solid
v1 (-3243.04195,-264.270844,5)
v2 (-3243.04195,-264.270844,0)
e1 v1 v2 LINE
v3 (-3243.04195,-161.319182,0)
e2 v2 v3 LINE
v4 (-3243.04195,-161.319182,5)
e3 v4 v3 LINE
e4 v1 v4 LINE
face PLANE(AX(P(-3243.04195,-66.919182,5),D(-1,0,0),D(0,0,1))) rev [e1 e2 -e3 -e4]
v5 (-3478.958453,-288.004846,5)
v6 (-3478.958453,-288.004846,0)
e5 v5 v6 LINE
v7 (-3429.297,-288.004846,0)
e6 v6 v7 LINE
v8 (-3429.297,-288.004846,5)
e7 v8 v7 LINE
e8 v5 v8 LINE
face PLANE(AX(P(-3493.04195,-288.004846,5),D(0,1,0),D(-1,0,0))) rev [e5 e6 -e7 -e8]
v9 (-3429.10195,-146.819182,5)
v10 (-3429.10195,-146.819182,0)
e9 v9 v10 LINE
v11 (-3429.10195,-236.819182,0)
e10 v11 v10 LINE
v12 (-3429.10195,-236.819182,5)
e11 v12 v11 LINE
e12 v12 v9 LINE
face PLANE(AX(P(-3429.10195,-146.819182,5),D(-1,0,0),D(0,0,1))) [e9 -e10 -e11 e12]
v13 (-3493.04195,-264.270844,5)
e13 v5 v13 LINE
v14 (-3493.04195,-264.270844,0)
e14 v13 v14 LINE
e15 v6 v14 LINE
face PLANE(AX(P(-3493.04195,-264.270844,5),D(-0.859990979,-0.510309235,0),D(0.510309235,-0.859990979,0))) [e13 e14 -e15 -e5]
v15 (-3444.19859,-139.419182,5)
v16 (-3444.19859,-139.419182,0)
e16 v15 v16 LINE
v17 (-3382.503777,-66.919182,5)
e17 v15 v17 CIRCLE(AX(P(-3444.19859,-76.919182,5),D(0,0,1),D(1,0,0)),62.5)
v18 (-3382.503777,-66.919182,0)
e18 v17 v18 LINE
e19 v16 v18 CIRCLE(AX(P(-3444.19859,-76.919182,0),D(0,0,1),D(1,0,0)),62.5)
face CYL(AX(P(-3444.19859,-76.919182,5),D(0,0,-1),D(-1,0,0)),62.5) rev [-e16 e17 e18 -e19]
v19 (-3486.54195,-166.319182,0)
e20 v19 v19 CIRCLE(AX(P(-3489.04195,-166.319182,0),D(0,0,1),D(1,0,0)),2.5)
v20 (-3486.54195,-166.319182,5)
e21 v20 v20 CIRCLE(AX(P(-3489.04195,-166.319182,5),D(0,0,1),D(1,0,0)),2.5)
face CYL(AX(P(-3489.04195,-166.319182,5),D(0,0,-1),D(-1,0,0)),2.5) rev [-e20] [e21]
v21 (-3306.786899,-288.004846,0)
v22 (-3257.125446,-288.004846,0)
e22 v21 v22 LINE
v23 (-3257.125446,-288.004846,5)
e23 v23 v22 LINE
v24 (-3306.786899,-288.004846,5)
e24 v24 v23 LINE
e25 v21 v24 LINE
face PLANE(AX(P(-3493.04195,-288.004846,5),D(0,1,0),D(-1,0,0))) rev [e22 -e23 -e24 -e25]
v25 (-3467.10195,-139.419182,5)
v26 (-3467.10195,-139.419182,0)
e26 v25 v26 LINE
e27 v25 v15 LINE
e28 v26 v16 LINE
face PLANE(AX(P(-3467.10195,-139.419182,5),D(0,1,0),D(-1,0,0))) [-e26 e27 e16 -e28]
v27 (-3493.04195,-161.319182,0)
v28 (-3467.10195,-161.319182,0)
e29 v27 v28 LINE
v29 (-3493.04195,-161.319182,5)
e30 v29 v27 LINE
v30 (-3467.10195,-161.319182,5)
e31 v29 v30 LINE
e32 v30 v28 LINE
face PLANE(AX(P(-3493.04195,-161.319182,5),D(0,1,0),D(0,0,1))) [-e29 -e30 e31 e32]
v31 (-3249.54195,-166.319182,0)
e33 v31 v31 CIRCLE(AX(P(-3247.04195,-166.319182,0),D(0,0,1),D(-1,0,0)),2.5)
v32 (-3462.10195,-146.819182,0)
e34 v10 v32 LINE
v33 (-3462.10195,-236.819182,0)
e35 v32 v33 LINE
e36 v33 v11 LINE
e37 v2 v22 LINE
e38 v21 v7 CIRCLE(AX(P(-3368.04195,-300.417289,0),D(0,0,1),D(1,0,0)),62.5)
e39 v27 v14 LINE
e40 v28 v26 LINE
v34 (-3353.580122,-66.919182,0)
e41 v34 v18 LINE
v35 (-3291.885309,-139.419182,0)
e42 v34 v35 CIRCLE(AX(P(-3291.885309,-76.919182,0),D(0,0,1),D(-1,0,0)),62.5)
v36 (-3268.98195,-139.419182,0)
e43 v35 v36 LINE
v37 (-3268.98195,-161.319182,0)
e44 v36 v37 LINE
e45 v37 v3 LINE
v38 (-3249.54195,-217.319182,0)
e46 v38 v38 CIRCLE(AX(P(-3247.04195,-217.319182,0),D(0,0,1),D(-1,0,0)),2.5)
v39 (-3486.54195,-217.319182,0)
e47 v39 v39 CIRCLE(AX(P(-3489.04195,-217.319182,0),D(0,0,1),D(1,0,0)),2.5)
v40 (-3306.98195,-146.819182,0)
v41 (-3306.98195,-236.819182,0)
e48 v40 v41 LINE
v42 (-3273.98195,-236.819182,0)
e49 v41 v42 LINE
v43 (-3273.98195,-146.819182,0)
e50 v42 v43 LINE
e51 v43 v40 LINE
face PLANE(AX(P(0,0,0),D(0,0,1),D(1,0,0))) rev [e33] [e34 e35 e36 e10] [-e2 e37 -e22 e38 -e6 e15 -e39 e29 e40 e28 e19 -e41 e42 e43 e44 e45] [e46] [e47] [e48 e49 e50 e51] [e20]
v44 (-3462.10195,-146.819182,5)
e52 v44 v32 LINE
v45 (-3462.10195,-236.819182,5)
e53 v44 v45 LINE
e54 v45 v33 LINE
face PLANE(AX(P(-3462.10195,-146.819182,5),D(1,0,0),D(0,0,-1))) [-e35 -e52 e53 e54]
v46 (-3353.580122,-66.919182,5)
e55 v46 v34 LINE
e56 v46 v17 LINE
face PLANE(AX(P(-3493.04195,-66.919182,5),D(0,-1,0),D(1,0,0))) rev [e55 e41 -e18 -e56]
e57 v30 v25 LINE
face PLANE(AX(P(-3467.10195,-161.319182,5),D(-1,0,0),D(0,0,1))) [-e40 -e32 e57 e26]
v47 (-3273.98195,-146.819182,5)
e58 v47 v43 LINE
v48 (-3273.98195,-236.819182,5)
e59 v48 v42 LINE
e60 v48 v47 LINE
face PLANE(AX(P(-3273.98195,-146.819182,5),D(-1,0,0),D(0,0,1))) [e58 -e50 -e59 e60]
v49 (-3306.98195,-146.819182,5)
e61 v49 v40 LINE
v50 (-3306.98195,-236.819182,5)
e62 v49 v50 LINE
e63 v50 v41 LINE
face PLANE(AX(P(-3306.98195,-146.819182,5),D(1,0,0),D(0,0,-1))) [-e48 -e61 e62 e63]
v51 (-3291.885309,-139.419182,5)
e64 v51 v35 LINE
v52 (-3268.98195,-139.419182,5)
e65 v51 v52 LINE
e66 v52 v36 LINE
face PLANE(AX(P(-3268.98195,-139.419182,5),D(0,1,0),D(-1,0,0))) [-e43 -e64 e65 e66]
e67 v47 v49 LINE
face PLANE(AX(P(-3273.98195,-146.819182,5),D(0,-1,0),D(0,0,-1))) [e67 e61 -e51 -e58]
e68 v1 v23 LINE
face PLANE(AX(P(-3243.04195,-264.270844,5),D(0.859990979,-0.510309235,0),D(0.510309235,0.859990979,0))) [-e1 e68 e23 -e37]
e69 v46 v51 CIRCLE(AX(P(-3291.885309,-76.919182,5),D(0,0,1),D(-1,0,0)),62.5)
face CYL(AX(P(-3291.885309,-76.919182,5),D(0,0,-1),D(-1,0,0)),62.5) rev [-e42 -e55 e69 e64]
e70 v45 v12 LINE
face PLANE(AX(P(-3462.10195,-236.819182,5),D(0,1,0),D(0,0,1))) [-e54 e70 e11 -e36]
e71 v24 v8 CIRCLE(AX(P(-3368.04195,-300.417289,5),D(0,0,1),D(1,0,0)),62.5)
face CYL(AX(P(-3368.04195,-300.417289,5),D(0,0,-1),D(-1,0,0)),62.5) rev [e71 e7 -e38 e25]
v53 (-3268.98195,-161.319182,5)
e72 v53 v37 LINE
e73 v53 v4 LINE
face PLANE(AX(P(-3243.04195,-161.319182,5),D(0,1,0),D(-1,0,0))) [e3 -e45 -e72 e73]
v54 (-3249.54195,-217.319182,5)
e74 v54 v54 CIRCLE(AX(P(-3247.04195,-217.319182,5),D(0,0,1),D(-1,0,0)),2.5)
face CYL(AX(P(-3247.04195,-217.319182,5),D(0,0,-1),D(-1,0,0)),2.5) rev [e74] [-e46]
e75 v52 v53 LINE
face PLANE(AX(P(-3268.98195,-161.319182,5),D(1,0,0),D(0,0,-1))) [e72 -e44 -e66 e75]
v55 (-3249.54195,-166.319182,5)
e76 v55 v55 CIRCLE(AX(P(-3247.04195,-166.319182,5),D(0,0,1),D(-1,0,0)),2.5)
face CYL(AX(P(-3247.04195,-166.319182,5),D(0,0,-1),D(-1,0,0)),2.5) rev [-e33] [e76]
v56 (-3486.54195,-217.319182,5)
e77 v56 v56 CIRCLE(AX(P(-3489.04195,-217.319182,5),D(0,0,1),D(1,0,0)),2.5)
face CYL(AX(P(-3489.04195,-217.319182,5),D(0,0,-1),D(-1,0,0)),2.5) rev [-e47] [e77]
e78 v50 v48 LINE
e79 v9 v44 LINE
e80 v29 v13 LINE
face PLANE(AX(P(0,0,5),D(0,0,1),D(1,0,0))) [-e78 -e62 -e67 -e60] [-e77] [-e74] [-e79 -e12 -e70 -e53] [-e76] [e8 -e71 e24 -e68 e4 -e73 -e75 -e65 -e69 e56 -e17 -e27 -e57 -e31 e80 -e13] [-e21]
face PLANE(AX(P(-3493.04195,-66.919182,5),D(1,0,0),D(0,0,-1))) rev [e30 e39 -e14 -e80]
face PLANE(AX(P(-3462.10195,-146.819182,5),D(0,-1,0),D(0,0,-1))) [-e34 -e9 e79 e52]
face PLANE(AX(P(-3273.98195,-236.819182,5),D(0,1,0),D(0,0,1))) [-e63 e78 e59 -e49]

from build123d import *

# Parameters (mm, degrees)
SKETCH1_W           = 250
SKETCH1_H           = 221.085663757
SKETCH1_R           = 2.5
SKETCH1_W_2         = 33
SKETCH1_H_2         = 90
BOSS_EXTRUDE1_DEPTH = 5
SKETCH6_R           = 62.5
CUT_EXTRUDE4_DEPTH  = 6


with BuildPart() as part:
    # Sketch1 → Boss-Extrude1 (new body)
    with BuildSketch(Plane.XY):
        with Locations((-3368.041949546, -177.462013972)):
            Rectangle(SKETCH1_W, SKETCH1_H)
        with Locations((-3489.041949546, -217.319182093)):
            Circle(SKETCH1_R, mode=Mode.SUBTRACT)
        with Locations((-3489.041949546, -166.319182093)):
            Circle(SKETCH1_R, mode=Mode.SUBTRACT)
        with Locations((-3247.041949546, -166.319182093)):
            Circle(SKETCH1_R, mode=Mode.SUBTRACT)
        with Locations((-3247.041949546, -217.319182093)):
            Circle(SKETCH1_R, mode=Mode.SUBTRACT)
        with Locations((-3445.601949546, -191.819182093)):
            Rectangle(SKETCH1_W_2, SKETCH1_H_2, mode=Mode.SUBTRACT)
        with Locations((-3290.481949546, -191.819182093)):
            Rectangle(SKETCH1_W_2, SKETCH1_H_2, mode=Mode.SUBTRACT)
    extrude(amount=BOSS_EXTRUDE1_DEPTH)

    # Sketch6 → Cut-Extrude4 (cut, through all)
    with BuildSketch(Plane.XY):
        with Locations((-3368.041949546, -300.417289182)):
            Circle(SKETCH6_R)
        Polygon((-3503.457885375, -270.451546314), (-3493.041949546, -264.270843991), (-3478.958452604, -288.00484585), (-3489.374388434, -294.185548172), align=None)
        with BuildLine():
            Line((-3493.041949546, -161.319182093), (-3493.041949546, -66.919182093))
            Line((-3493.041949546, -66.919182093), (-3382.503777097, -66.919182093))
            ThreePointArc((-3382.503777097, -66.919182093), (-3396.600008581, -117.423811459), (-3444.198590493, -139.419182093))
            Line((-3444.198590493, -139.419182093), (-3467.101949546, -139.419182093))
            Line((-3467.101949546, -139.419182093), (-3467.101949546, -161.319182093))
            Line((-3467.101949546, -161.319182093), (-3493.041949546, -161.319182093))
        make_face()
        Polygon((-3246.709510658, -294.185548172), (-3257.125446487, -288.00484585), (-3243.041949546, -264.270843991), (-3232.626013716, -270.451546314), align=None)
        with BuildLine():
            Line((-3268.981949546, -139.419182093), (-3291.885308598, -139.419182093))
            ThreePointArc((-3291.885308598, -139.419182093), (-3339.48389051, -117.423811459), (-3353.580121995, -66.919182093))
            Line((-3353.580121995, -66.919182093), (-3243.041949546, -66.919182093))
            Line((-3243.041949546, -66.919182093), (-3243.041949546, -161.319182093))
            Line((-3243.041949546, -161.319182093), (-3268.981949546, -161.319182093))
            Line((-3268.981949546, -161.319182093), (-3268.981949546, -139.419182093))
        make_face()
    extrude(amount=CUT_EXTRUDE4_DEPTH, mode=Mode.SUBTRACT)


solid = part.part
